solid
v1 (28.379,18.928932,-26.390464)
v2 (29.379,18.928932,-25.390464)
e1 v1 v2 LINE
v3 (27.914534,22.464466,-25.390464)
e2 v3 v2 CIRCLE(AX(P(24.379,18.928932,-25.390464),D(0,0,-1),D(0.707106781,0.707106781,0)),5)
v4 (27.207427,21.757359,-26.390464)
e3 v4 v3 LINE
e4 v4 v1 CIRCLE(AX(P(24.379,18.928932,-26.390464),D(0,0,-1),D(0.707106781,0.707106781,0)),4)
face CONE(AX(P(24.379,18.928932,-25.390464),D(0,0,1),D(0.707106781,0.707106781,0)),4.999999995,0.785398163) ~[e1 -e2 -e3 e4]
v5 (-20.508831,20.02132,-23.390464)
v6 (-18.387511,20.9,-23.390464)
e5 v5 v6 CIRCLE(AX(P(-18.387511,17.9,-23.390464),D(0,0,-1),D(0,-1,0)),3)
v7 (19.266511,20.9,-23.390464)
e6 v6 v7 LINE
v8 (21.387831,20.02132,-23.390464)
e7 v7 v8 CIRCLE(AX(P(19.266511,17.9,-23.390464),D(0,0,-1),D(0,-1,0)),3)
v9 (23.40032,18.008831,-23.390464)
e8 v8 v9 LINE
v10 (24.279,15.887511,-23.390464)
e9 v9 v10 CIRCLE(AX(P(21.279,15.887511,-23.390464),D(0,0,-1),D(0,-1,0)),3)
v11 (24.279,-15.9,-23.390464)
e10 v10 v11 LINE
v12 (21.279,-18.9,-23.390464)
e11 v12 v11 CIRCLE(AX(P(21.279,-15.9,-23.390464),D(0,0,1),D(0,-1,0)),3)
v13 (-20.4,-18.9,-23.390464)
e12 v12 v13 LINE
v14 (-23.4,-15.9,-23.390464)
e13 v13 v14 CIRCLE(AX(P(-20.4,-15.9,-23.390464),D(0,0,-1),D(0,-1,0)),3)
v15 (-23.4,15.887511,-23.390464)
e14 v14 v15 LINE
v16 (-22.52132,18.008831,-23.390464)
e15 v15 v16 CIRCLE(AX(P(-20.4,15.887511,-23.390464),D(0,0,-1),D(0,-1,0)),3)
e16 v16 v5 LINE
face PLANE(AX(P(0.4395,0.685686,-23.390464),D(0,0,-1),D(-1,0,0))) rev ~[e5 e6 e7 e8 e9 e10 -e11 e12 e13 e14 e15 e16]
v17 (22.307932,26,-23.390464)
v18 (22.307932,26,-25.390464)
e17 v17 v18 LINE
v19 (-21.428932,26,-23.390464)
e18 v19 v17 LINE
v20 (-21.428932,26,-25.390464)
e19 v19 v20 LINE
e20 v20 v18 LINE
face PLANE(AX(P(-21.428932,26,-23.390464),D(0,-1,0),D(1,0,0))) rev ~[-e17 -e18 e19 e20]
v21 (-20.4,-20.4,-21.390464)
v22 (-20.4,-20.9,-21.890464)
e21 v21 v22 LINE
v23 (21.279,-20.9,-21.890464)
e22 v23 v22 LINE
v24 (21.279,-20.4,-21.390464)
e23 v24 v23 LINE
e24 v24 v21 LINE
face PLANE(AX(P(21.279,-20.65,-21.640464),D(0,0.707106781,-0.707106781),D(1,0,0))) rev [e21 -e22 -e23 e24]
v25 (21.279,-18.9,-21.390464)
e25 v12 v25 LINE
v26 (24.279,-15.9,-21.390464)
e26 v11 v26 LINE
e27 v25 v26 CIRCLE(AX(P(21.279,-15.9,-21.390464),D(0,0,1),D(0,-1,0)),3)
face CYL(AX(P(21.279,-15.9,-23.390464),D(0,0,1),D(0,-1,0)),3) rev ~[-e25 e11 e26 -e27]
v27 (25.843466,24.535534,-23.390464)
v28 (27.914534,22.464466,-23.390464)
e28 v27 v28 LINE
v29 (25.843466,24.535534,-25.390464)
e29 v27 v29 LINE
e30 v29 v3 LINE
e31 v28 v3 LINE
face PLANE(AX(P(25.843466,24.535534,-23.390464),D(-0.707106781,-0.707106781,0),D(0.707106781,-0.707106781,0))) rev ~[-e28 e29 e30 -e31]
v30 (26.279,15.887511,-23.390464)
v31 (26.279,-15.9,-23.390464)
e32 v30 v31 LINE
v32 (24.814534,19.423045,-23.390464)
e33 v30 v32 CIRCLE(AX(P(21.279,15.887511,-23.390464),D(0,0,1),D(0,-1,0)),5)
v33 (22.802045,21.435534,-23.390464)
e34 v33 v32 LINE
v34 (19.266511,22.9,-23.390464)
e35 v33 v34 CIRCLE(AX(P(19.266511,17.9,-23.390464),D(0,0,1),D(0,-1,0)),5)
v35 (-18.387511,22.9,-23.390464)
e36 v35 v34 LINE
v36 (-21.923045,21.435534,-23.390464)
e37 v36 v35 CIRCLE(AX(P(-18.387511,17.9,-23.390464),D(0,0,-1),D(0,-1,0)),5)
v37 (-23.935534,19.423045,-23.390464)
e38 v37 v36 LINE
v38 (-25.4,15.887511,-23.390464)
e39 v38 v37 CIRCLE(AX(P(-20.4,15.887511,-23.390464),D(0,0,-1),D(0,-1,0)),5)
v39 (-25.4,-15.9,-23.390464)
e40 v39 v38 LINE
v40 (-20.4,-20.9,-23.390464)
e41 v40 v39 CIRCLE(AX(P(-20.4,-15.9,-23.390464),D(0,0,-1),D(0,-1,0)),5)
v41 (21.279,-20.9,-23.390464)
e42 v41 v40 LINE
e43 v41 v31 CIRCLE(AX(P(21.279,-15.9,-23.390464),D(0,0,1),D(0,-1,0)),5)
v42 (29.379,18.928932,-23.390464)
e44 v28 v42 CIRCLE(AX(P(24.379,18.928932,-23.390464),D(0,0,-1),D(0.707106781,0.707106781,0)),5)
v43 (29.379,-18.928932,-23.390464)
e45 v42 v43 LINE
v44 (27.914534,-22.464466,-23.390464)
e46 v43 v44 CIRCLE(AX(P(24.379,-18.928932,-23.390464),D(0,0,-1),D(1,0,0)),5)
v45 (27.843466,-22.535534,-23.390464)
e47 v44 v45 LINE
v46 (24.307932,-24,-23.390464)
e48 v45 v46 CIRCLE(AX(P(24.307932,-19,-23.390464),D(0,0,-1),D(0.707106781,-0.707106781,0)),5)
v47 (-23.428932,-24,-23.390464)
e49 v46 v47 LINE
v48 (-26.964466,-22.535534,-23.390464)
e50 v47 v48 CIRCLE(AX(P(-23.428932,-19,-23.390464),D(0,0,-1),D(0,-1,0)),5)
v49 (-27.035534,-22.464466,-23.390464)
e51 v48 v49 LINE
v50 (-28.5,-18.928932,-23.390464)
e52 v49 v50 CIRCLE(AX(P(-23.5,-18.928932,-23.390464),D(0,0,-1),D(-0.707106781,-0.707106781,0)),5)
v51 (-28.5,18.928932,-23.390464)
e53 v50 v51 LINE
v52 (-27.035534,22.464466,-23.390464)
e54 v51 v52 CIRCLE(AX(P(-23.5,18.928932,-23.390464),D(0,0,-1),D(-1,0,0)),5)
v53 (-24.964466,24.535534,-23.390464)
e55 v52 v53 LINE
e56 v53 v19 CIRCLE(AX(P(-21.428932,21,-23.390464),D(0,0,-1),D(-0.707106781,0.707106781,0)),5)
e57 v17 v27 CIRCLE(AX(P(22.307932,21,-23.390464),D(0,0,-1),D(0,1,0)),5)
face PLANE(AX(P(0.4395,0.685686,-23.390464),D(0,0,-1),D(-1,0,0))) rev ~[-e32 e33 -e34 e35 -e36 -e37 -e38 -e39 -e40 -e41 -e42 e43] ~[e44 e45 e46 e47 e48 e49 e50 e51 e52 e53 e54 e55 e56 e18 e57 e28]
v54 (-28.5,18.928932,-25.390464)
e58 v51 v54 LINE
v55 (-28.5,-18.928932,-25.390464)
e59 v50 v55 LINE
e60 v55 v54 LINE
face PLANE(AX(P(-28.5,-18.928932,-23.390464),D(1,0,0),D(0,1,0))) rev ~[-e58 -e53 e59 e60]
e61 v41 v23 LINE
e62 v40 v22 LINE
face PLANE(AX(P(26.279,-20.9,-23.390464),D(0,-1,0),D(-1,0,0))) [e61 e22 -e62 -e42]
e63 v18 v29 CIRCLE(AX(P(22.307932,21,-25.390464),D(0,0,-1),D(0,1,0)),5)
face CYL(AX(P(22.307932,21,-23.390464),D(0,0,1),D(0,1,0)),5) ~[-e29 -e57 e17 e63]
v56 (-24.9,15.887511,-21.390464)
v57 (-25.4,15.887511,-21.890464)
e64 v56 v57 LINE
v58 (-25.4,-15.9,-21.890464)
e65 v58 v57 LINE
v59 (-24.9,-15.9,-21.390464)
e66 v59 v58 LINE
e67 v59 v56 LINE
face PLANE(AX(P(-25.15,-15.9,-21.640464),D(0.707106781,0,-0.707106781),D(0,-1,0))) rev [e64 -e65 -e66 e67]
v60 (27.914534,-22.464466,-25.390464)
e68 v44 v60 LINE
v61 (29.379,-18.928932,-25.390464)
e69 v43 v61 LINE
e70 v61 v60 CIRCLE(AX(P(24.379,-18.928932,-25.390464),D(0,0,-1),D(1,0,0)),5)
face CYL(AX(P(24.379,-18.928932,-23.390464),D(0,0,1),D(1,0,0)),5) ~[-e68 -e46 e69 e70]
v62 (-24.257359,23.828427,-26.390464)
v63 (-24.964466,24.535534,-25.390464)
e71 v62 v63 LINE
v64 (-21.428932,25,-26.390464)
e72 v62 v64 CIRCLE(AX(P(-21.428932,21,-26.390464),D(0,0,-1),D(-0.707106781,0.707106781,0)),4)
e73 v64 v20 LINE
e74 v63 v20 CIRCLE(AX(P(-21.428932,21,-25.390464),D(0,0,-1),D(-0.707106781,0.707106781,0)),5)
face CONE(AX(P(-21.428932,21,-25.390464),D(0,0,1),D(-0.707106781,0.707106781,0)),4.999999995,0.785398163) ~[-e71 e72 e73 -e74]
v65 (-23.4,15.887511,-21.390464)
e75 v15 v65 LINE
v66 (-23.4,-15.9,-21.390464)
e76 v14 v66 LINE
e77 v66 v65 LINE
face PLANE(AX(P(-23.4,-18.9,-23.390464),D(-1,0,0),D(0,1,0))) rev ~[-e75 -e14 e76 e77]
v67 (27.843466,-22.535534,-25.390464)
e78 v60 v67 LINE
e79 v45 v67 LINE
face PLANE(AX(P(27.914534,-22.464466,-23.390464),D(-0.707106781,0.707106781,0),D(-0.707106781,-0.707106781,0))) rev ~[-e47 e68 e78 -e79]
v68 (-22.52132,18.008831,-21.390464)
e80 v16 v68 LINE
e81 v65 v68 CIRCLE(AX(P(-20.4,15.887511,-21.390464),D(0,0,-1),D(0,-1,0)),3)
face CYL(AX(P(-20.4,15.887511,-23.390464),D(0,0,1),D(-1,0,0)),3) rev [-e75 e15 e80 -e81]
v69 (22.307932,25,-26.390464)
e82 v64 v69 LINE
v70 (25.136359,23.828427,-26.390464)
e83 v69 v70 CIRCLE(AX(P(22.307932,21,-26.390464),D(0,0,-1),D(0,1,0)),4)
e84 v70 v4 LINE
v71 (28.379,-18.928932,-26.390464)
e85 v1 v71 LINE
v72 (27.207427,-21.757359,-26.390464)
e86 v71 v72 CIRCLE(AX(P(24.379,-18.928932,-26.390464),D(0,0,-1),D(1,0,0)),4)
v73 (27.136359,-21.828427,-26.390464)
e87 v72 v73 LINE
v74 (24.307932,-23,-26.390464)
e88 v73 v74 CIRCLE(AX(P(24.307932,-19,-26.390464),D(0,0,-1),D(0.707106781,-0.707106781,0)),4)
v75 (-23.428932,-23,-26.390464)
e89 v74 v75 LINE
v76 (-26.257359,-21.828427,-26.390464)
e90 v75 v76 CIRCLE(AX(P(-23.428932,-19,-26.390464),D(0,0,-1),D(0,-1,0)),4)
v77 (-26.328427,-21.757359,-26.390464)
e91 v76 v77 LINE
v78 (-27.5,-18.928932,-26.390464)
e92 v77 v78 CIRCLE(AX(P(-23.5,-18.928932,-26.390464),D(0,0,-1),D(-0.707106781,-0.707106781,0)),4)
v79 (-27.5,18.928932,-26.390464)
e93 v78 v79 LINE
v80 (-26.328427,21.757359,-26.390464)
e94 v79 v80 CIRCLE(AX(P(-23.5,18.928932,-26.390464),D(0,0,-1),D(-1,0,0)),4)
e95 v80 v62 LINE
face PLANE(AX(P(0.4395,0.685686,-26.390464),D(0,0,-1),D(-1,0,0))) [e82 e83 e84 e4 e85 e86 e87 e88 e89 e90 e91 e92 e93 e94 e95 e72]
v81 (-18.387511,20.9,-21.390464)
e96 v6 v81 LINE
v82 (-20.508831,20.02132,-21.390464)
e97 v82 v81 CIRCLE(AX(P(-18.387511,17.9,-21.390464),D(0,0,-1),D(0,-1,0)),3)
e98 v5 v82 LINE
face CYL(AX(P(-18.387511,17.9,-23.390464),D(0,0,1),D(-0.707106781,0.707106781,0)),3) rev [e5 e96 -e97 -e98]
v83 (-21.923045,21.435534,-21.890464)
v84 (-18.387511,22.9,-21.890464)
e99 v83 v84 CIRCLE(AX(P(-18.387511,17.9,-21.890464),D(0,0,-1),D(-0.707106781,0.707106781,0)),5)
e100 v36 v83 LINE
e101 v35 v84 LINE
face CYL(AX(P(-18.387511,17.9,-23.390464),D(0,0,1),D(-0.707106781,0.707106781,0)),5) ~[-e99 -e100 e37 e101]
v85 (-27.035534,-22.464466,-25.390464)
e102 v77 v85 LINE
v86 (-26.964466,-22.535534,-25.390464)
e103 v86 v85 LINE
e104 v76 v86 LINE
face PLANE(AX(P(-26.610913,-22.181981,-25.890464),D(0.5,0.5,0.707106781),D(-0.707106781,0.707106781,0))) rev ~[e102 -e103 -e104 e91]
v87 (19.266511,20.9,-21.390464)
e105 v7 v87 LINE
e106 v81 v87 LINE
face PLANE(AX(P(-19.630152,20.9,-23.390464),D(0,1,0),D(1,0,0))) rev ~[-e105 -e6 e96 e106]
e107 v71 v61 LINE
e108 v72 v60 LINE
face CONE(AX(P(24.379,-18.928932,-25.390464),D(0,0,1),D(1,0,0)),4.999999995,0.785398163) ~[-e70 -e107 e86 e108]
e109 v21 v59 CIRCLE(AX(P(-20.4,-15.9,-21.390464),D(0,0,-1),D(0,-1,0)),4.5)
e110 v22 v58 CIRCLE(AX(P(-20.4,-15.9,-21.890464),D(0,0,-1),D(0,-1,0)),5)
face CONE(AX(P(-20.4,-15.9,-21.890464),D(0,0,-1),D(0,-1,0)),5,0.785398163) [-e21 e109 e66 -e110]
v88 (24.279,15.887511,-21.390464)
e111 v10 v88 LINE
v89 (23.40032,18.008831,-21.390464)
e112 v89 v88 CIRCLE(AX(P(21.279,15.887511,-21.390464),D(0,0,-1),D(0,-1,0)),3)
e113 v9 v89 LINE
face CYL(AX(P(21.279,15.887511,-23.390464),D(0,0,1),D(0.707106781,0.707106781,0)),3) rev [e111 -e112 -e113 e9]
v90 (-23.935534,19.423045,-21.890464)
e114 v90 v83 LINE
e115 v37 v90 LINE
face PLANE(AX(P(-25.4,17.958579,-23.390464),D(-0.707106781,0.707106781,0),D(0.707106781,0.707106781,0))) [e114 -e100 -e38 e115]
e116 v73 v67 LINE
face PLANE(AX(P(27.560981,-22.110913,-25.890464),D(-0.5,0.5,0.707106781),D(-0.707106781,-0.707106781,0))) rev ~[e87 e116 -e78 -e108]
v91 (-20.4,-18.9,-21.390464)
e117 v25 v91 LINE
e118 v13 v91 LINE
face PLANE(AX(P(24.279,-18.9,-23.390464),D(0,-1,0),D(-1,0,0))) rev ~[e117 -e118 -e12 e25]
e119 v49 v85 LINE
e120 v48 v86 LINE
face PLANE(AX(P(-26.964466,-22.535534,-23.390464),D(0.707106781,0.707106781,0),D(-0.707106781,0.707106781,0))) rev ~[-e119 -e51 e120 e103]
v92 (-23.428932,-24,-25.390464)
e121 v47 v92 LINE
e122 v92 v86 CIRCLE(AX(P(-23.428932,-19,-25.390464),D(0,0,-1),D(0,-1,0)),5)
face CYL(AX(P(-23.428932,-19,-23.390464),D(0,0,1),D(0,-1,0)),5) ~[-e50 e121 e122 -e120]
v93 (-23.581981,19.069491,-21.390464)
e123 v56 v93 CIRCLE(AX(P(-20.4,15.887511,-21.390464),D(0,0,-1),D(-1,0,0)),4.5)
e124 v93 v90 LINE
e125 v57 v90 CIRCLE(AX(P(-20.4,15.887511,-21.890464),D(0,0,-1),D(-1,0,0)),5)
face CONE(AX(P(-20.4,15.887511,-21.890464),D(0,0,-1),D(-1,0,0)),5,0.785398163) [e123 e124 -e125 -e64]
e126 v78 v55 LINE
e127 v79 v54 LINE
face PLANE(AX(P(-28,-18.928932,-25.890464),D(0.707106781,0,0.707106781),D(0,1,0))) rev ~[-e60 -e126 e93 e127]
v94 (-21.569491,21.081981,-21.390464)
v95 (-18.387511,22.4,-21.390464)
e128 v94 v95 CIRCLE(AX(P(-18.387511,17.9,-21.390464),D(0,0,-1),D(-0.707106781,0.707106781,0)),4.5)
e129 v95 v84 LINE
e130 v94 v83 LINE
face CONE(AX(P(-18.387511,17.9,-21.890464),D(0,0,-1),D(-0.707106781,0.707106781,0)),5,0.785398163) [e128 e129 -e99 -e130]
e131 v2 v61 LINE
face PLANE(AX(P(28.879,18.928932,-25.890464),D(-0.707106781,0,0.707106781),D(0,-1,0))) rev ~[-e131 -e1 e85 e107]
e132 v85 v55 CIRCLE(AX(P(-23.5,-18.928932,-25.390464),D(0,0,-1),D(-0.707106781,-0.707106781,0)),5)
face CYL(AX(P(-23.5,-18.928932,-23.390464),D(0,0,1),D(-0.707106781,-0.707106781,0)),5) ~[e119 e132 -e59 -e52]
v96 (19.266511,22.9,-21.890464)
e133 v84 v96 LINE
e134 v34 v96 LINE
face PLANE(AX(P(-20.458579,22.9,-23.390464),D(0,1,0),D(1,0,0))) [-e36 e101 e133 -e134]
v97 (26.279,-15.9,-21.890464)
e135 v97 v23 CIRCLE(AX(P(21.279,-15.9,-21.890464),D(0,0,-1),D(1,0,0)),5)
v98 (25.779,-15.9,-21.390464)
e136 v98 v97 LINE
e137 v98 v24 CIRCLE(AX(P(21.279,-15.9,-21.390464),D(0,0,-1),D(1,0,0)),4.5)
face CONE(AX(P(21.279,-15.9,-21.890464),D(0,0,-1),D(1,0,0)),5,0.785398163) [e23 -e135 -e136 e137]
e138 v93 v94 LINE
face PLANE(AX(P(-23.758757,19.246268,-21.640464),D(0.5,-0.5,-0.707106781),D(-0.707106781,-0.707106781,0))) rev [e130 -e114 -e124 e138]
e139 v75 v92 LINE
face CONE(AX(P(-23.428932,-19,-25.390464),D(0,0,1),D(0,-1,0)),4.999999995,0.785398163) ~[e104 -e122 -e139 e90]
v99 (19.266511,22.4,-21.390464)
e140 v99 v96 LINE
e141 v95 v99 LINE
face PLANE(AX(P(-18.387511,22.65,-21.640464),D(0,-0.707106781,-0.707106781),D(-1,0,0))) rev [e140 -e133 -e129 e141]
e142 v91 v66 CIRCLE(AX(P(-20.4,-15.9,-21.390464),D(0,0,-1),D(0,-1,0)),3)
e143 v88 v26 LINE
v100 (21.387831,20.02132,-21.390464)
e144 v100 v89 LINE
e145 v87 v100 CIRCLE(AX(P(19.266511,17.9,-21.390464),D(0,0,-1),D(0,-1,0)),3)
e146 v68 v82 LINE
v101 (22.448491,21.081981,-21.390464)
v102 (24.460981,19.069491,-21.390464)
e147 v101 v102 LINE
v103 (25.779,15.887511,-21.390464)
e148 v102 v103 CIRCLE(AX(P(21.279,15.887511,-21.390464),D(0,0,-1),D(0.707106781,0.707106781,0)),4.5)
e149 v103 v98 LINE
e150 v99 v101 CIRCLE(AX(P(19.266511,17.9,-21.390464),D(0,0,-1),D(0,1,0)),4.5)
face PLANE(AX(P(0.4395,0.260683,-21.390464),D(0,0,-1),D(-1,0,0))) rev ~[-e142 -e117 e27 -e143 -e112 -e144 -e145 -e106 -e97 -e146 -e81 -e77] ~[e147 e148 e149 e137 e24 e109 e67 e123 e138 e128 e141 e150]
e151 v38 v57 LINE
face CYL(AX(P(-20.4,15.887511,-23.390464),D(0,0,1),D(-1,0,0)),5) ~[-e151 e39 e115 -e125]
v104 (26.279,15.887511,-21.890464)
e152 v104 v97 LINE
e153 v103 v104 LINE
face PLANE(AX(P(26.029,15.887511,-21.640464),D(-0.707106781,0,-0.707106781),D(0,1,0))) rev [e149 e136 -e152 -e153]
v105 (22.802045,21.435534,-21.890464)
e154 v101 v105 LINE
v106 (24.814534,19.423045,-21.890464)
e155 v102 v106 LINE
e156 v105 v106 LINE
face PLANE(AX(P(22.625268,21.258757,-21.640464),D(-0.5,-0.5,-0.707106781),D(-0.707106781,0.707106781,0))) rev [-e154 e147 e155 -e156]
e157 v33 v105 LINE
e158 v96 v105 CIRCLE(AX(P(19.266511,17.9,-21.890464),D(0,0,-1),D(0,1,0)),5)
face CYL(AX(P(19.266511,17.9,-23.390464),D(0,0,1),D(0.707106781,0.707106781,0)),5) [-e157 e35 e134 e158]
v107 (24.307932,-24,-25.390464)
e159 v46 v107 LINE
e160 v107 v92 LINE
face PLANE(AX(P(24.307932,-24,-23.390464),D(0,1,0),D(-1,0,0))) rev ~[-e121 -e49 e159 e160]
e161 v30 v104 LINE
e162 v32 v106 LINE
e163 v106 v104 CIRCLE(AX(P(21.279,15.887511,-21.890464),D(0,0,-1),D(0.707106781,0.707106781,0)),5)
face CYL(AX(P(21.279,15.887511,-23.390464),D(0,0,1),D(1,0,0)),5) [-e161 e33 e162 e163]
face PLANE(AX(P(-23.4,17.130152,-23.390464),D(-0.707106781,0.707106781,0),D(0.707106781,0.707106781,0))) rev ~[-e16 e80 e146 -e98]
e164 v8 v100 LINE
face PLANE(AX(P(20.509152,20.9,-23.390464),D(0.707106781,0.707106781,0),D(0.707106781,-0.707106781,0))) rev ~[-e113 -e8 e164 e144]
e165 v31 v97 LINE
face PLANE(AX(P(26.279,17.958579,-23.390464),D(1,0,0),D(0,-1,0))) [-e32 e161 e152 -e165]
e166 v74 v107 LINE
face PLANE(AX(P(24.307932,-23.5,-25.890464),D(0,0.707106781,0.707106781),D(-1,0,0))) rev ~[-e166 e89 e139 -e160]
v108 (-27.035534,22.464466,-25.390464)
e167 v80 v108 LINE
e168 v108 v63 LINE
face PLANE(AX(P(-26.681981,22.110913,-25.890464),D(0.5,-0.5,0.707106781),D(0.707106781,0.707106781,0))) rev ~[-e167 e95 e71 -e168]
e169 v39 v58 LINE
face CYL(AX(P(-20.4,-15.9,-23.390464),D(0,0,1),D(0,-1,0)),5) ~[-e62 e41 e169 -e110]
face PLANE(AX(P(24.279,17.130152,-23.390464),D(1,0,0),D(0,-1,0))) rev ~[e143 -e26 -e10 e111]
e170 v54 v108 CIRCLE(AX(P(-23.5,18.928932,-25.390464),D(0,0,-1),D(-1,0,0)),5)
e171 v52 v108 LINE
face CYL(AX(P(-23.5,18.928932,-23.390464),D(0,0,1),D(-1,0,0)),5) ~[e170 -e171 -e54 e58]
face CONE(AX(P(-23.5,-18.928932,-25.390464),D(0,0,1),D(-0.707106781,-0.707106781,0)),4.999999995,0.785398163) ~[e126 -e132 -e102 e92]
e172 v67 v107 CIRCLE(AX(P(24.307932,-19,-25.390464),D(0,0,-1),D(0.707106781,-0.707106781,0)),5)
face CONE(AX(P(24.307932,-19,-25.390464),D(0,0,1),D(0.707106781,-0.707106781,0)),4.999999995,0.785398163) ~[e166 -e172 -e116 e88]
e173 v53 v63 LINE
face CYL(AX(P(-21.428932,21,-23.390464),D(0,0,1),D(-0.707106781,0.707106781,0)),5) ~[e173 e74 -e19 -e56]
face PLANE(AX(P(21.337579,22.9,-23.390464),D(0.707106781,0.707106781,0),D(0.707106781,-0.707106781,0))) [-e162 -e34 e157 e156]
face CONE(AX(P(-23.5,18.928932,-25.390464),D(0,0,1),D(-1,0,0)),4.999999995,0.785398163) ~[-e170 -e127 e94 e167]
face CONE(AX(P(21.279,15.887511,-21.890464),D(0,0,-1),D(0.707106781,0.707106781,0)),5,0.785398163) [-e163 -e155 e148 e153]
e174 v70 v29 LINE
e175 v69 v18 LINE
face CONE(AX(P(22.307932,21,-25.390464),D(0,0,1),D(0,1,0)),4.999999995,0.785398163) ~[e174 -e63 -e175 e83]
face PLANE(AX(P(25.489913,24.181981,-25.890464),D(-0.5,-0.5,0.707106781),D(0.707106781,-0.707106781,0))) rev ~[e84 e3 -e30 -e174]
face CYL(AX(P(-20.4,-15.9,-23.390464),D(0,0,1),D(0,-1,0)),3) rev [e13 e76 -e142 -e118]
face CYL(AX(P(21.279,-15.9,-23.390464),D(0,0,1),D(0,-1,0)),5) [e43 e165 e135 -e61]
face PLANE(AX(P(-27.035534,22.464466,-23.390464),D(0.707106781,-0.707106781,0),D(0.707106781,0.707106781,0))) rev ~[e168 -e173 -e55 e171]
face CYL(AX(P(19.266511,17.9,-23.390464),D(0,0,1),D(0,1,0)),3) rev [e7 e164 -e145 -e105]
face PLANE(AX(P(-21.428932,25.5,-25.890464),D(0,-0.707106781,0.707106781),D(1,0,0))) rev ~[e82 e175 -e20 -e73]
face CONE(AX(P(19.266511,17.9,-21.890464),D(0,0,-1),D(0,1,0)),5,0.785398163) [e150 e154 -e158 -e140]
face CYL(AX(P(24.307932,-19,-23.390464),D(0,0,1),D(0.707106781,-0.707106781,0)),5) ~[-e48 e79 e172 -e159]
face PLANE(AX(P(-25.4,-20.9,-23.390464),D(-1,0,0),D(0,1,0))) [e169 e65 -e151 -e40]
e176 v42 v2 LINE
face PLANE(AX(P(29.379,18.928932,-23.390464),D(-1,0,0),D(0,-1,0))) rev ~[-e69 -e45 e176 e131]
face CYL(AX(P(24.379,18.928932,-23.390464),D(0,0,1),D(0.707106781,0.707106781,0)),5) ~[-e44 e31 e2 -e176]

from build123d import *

# Parameters (mm, degrees)
BOSS_EXTRUDE1_DEPTH = 3
BOSS_EXTRUDE2_DEPTH = 2
CHAMFER1_SIZE       = 1
FILLET1_R           = 3
FILLET2_R           = 5
CHAMFER2_SIZE       = 0.5


with BuildPart() as part:
    # Sketch2 → Boss-Extrude1 (new body)
    with BuildSketch(Plane(origin=(0, 0, -23.390463949), x_dir=(-1, 0, 0), z_dir=(0, 0, -1))):
        with BuildLine():
            Line((21.428932188, 26), (-22.307932188, 26))
            ThreePointArc((-22.307932188, 26), (-24.22134935, 25.619397663), (-25.843466094, 24.535533906))
            Line((-25.843466094, 24.535533906), (-27.914533906, 22.464466094))
            ThreePointArc((-27.914533906, 22.464466094), (-28.998397663, 20.84234935), (-29.379, 18.928932188))
            Line((-29.379, 18.928932188), (-29.379, -18.928932188))
            ThreePointArc((-29.379, -18.928932188), (-28.998397663, -20.84234935), (-27.914533906, -22.464466094))
            Line((-27.914533906, -22.464466094), (-27.843466094, -22.535533906))
            ThreePointArc((-27.843466094, -22.535533906), (-26.22134935, -23.619397663), (-24.307932188, -24))
            Line((-24.307932188, -24), (23.428932188, -24))
            ThreePointArc((23.428932188, -24), (25.34234935, -23.619397663), (26.964466094, -22.535533906))
            Line((26.964466094, -22.535533906), (27.035533906, -22.464466094))
            ThreePointArc((27.035533906, -22.464466094), (28.119397663, -20.84234935), (28.5, -18.928932188))
            Line((28.5, -18.928932188), (28.5, 18.928932188))
            ThreePointArc((28.5, 18.928932188), (28.119397663, 20.84234935), (27.035533906, 22.464466094))
            Line((27.035533906, 22.464466094), (24.964466094, 24.535533906))
            ThreePointArc((24.964466094, 24.535533906), (23.34234935, 25.619397663), (21.428932188, 26))
        make_face()
    extrude(amount=BOSS_EXTRUDE1_DEPTH)

    # Sketch3 → Boss-Extrude2 (add)
    with BuildSketch(Plane(origin=(0, 0, -23.390463949), x_dir=(-1, 0, 0), z_dir=(0, 0, -1))):
        Polygon((-26.279, -20.9), (25.4, -20.9), (25.4, 17.958578644), (20.458578644, 22.9), (-21.337578644, 22.9), (-26.279, 17.958578644), align=None)
        Polygon((-24.279, -18.9), (23.4, -18.9), (23.4, 17.130151519), (19.630151519, 20.9), (-20.509151519, 20.9), (-24.279, 17.130151519), align=None, mode=Mode.SUBTRACT)
    extrude(amount=-BOSS_EXTRUDE2_DEPTH)

    # Chamfer1
    chamfer1_edges = [part.edges().sort_by_distance(p)[0] for p in [
        (28.998397663, 20.84234935, -26.390463949),
        (29.379, 0, -26.390463949),
        (28.998397663, -20.84234935, -26.390463949),
        (27.879, -22.5, -26.390463949),
        (26.22134935, -23.619397663, -26.390463949),
        (0.4395, -24, -26.390463949),
        (-25.34234935, -23.619397663, -26.390463949),
        (-27, -22.5, -26.390463949),
        (-28.119397663, -20.84234935, -26.390463949),
        (-28.5, 0, -26.390463949),
        (24.22134935, 25.619397663, -26.390463949),
        (-28.119397663, 20.84234935, -26.390463949),
        (-26, 23.5, -26.390463949),
        (-23.34234935, 25.619397663, -26.390463949),
        (0.4395, 26, -26.390463949),
        (26.879, 23.5, -26.390463949),
    ]]
    chamfer(chamfer1_edges, length=CHAMFER1_SIZE)

    # Fillet1
    fillet1_edges = [part.edges().sort_by_distance(p)[0] for p in [
        (24.279, 17.130151519, -22.390463949),
        (20.509151519, 20.9, -22.390463949),
        (-19.630151519, 20.9, -22.390463949),
        (-23.4, 17.130151519, -22.390463949),
        (-23.4, -18.9, -22.390463949),
        (24.279, -18.9, -22.390463949),
    ]]
    fillet(fillet1_edges, radius=FILLET1_R)

    # Fillet2
    fillet2_edges = [part.edges().sort_by_distance(p)[0] for p in [
        (26.279, -20.9, -22.390463949),
        (26.279, 17.958578644, -22.390463949),
        (21.337578644, 22.9, -22.390463949),
        (-20.458578644, 22.9, -22.390463949),
        (-25.4, 17.958578644, -22.390463949),
        (-25.4, -20.9, -22.390463949),
    ]]
    fillet(fillet2_edges, radius=FILLET2_R)

    # Chamfer2
    chamfer2_edges = [part.edges().sort_by_distance(p)[0] for p in [
        (-25.4, -0.006244584, -21.390463949),
        (-22.929289322, 20.429289322, -21.390463949),
        (26.279, -0.006244584, -21.390463949),
        (23.808289322, 20.429289322, -21.390463949),
        (0.4395, 22.9, -21.390463949),
        (0.4395, -20.9, -21.390463949),
        (24.814533906, -19.435533906, -21.390463949),
        (-23.935533906, -19.435533906, -21.390463949),
        (25.898397663, 17.800927994, -21.390463949),
        (21.179927994, 22.519397663, -21.390463949),
        (-20.300927994, 22.519397663, -21.390463949),
        (-25.019397663, 17.800927994, -21.390463949),
    ]]
    chamfer(chamfer2_edges, length=CHAMFER2_SIZE)


solid = part.part
